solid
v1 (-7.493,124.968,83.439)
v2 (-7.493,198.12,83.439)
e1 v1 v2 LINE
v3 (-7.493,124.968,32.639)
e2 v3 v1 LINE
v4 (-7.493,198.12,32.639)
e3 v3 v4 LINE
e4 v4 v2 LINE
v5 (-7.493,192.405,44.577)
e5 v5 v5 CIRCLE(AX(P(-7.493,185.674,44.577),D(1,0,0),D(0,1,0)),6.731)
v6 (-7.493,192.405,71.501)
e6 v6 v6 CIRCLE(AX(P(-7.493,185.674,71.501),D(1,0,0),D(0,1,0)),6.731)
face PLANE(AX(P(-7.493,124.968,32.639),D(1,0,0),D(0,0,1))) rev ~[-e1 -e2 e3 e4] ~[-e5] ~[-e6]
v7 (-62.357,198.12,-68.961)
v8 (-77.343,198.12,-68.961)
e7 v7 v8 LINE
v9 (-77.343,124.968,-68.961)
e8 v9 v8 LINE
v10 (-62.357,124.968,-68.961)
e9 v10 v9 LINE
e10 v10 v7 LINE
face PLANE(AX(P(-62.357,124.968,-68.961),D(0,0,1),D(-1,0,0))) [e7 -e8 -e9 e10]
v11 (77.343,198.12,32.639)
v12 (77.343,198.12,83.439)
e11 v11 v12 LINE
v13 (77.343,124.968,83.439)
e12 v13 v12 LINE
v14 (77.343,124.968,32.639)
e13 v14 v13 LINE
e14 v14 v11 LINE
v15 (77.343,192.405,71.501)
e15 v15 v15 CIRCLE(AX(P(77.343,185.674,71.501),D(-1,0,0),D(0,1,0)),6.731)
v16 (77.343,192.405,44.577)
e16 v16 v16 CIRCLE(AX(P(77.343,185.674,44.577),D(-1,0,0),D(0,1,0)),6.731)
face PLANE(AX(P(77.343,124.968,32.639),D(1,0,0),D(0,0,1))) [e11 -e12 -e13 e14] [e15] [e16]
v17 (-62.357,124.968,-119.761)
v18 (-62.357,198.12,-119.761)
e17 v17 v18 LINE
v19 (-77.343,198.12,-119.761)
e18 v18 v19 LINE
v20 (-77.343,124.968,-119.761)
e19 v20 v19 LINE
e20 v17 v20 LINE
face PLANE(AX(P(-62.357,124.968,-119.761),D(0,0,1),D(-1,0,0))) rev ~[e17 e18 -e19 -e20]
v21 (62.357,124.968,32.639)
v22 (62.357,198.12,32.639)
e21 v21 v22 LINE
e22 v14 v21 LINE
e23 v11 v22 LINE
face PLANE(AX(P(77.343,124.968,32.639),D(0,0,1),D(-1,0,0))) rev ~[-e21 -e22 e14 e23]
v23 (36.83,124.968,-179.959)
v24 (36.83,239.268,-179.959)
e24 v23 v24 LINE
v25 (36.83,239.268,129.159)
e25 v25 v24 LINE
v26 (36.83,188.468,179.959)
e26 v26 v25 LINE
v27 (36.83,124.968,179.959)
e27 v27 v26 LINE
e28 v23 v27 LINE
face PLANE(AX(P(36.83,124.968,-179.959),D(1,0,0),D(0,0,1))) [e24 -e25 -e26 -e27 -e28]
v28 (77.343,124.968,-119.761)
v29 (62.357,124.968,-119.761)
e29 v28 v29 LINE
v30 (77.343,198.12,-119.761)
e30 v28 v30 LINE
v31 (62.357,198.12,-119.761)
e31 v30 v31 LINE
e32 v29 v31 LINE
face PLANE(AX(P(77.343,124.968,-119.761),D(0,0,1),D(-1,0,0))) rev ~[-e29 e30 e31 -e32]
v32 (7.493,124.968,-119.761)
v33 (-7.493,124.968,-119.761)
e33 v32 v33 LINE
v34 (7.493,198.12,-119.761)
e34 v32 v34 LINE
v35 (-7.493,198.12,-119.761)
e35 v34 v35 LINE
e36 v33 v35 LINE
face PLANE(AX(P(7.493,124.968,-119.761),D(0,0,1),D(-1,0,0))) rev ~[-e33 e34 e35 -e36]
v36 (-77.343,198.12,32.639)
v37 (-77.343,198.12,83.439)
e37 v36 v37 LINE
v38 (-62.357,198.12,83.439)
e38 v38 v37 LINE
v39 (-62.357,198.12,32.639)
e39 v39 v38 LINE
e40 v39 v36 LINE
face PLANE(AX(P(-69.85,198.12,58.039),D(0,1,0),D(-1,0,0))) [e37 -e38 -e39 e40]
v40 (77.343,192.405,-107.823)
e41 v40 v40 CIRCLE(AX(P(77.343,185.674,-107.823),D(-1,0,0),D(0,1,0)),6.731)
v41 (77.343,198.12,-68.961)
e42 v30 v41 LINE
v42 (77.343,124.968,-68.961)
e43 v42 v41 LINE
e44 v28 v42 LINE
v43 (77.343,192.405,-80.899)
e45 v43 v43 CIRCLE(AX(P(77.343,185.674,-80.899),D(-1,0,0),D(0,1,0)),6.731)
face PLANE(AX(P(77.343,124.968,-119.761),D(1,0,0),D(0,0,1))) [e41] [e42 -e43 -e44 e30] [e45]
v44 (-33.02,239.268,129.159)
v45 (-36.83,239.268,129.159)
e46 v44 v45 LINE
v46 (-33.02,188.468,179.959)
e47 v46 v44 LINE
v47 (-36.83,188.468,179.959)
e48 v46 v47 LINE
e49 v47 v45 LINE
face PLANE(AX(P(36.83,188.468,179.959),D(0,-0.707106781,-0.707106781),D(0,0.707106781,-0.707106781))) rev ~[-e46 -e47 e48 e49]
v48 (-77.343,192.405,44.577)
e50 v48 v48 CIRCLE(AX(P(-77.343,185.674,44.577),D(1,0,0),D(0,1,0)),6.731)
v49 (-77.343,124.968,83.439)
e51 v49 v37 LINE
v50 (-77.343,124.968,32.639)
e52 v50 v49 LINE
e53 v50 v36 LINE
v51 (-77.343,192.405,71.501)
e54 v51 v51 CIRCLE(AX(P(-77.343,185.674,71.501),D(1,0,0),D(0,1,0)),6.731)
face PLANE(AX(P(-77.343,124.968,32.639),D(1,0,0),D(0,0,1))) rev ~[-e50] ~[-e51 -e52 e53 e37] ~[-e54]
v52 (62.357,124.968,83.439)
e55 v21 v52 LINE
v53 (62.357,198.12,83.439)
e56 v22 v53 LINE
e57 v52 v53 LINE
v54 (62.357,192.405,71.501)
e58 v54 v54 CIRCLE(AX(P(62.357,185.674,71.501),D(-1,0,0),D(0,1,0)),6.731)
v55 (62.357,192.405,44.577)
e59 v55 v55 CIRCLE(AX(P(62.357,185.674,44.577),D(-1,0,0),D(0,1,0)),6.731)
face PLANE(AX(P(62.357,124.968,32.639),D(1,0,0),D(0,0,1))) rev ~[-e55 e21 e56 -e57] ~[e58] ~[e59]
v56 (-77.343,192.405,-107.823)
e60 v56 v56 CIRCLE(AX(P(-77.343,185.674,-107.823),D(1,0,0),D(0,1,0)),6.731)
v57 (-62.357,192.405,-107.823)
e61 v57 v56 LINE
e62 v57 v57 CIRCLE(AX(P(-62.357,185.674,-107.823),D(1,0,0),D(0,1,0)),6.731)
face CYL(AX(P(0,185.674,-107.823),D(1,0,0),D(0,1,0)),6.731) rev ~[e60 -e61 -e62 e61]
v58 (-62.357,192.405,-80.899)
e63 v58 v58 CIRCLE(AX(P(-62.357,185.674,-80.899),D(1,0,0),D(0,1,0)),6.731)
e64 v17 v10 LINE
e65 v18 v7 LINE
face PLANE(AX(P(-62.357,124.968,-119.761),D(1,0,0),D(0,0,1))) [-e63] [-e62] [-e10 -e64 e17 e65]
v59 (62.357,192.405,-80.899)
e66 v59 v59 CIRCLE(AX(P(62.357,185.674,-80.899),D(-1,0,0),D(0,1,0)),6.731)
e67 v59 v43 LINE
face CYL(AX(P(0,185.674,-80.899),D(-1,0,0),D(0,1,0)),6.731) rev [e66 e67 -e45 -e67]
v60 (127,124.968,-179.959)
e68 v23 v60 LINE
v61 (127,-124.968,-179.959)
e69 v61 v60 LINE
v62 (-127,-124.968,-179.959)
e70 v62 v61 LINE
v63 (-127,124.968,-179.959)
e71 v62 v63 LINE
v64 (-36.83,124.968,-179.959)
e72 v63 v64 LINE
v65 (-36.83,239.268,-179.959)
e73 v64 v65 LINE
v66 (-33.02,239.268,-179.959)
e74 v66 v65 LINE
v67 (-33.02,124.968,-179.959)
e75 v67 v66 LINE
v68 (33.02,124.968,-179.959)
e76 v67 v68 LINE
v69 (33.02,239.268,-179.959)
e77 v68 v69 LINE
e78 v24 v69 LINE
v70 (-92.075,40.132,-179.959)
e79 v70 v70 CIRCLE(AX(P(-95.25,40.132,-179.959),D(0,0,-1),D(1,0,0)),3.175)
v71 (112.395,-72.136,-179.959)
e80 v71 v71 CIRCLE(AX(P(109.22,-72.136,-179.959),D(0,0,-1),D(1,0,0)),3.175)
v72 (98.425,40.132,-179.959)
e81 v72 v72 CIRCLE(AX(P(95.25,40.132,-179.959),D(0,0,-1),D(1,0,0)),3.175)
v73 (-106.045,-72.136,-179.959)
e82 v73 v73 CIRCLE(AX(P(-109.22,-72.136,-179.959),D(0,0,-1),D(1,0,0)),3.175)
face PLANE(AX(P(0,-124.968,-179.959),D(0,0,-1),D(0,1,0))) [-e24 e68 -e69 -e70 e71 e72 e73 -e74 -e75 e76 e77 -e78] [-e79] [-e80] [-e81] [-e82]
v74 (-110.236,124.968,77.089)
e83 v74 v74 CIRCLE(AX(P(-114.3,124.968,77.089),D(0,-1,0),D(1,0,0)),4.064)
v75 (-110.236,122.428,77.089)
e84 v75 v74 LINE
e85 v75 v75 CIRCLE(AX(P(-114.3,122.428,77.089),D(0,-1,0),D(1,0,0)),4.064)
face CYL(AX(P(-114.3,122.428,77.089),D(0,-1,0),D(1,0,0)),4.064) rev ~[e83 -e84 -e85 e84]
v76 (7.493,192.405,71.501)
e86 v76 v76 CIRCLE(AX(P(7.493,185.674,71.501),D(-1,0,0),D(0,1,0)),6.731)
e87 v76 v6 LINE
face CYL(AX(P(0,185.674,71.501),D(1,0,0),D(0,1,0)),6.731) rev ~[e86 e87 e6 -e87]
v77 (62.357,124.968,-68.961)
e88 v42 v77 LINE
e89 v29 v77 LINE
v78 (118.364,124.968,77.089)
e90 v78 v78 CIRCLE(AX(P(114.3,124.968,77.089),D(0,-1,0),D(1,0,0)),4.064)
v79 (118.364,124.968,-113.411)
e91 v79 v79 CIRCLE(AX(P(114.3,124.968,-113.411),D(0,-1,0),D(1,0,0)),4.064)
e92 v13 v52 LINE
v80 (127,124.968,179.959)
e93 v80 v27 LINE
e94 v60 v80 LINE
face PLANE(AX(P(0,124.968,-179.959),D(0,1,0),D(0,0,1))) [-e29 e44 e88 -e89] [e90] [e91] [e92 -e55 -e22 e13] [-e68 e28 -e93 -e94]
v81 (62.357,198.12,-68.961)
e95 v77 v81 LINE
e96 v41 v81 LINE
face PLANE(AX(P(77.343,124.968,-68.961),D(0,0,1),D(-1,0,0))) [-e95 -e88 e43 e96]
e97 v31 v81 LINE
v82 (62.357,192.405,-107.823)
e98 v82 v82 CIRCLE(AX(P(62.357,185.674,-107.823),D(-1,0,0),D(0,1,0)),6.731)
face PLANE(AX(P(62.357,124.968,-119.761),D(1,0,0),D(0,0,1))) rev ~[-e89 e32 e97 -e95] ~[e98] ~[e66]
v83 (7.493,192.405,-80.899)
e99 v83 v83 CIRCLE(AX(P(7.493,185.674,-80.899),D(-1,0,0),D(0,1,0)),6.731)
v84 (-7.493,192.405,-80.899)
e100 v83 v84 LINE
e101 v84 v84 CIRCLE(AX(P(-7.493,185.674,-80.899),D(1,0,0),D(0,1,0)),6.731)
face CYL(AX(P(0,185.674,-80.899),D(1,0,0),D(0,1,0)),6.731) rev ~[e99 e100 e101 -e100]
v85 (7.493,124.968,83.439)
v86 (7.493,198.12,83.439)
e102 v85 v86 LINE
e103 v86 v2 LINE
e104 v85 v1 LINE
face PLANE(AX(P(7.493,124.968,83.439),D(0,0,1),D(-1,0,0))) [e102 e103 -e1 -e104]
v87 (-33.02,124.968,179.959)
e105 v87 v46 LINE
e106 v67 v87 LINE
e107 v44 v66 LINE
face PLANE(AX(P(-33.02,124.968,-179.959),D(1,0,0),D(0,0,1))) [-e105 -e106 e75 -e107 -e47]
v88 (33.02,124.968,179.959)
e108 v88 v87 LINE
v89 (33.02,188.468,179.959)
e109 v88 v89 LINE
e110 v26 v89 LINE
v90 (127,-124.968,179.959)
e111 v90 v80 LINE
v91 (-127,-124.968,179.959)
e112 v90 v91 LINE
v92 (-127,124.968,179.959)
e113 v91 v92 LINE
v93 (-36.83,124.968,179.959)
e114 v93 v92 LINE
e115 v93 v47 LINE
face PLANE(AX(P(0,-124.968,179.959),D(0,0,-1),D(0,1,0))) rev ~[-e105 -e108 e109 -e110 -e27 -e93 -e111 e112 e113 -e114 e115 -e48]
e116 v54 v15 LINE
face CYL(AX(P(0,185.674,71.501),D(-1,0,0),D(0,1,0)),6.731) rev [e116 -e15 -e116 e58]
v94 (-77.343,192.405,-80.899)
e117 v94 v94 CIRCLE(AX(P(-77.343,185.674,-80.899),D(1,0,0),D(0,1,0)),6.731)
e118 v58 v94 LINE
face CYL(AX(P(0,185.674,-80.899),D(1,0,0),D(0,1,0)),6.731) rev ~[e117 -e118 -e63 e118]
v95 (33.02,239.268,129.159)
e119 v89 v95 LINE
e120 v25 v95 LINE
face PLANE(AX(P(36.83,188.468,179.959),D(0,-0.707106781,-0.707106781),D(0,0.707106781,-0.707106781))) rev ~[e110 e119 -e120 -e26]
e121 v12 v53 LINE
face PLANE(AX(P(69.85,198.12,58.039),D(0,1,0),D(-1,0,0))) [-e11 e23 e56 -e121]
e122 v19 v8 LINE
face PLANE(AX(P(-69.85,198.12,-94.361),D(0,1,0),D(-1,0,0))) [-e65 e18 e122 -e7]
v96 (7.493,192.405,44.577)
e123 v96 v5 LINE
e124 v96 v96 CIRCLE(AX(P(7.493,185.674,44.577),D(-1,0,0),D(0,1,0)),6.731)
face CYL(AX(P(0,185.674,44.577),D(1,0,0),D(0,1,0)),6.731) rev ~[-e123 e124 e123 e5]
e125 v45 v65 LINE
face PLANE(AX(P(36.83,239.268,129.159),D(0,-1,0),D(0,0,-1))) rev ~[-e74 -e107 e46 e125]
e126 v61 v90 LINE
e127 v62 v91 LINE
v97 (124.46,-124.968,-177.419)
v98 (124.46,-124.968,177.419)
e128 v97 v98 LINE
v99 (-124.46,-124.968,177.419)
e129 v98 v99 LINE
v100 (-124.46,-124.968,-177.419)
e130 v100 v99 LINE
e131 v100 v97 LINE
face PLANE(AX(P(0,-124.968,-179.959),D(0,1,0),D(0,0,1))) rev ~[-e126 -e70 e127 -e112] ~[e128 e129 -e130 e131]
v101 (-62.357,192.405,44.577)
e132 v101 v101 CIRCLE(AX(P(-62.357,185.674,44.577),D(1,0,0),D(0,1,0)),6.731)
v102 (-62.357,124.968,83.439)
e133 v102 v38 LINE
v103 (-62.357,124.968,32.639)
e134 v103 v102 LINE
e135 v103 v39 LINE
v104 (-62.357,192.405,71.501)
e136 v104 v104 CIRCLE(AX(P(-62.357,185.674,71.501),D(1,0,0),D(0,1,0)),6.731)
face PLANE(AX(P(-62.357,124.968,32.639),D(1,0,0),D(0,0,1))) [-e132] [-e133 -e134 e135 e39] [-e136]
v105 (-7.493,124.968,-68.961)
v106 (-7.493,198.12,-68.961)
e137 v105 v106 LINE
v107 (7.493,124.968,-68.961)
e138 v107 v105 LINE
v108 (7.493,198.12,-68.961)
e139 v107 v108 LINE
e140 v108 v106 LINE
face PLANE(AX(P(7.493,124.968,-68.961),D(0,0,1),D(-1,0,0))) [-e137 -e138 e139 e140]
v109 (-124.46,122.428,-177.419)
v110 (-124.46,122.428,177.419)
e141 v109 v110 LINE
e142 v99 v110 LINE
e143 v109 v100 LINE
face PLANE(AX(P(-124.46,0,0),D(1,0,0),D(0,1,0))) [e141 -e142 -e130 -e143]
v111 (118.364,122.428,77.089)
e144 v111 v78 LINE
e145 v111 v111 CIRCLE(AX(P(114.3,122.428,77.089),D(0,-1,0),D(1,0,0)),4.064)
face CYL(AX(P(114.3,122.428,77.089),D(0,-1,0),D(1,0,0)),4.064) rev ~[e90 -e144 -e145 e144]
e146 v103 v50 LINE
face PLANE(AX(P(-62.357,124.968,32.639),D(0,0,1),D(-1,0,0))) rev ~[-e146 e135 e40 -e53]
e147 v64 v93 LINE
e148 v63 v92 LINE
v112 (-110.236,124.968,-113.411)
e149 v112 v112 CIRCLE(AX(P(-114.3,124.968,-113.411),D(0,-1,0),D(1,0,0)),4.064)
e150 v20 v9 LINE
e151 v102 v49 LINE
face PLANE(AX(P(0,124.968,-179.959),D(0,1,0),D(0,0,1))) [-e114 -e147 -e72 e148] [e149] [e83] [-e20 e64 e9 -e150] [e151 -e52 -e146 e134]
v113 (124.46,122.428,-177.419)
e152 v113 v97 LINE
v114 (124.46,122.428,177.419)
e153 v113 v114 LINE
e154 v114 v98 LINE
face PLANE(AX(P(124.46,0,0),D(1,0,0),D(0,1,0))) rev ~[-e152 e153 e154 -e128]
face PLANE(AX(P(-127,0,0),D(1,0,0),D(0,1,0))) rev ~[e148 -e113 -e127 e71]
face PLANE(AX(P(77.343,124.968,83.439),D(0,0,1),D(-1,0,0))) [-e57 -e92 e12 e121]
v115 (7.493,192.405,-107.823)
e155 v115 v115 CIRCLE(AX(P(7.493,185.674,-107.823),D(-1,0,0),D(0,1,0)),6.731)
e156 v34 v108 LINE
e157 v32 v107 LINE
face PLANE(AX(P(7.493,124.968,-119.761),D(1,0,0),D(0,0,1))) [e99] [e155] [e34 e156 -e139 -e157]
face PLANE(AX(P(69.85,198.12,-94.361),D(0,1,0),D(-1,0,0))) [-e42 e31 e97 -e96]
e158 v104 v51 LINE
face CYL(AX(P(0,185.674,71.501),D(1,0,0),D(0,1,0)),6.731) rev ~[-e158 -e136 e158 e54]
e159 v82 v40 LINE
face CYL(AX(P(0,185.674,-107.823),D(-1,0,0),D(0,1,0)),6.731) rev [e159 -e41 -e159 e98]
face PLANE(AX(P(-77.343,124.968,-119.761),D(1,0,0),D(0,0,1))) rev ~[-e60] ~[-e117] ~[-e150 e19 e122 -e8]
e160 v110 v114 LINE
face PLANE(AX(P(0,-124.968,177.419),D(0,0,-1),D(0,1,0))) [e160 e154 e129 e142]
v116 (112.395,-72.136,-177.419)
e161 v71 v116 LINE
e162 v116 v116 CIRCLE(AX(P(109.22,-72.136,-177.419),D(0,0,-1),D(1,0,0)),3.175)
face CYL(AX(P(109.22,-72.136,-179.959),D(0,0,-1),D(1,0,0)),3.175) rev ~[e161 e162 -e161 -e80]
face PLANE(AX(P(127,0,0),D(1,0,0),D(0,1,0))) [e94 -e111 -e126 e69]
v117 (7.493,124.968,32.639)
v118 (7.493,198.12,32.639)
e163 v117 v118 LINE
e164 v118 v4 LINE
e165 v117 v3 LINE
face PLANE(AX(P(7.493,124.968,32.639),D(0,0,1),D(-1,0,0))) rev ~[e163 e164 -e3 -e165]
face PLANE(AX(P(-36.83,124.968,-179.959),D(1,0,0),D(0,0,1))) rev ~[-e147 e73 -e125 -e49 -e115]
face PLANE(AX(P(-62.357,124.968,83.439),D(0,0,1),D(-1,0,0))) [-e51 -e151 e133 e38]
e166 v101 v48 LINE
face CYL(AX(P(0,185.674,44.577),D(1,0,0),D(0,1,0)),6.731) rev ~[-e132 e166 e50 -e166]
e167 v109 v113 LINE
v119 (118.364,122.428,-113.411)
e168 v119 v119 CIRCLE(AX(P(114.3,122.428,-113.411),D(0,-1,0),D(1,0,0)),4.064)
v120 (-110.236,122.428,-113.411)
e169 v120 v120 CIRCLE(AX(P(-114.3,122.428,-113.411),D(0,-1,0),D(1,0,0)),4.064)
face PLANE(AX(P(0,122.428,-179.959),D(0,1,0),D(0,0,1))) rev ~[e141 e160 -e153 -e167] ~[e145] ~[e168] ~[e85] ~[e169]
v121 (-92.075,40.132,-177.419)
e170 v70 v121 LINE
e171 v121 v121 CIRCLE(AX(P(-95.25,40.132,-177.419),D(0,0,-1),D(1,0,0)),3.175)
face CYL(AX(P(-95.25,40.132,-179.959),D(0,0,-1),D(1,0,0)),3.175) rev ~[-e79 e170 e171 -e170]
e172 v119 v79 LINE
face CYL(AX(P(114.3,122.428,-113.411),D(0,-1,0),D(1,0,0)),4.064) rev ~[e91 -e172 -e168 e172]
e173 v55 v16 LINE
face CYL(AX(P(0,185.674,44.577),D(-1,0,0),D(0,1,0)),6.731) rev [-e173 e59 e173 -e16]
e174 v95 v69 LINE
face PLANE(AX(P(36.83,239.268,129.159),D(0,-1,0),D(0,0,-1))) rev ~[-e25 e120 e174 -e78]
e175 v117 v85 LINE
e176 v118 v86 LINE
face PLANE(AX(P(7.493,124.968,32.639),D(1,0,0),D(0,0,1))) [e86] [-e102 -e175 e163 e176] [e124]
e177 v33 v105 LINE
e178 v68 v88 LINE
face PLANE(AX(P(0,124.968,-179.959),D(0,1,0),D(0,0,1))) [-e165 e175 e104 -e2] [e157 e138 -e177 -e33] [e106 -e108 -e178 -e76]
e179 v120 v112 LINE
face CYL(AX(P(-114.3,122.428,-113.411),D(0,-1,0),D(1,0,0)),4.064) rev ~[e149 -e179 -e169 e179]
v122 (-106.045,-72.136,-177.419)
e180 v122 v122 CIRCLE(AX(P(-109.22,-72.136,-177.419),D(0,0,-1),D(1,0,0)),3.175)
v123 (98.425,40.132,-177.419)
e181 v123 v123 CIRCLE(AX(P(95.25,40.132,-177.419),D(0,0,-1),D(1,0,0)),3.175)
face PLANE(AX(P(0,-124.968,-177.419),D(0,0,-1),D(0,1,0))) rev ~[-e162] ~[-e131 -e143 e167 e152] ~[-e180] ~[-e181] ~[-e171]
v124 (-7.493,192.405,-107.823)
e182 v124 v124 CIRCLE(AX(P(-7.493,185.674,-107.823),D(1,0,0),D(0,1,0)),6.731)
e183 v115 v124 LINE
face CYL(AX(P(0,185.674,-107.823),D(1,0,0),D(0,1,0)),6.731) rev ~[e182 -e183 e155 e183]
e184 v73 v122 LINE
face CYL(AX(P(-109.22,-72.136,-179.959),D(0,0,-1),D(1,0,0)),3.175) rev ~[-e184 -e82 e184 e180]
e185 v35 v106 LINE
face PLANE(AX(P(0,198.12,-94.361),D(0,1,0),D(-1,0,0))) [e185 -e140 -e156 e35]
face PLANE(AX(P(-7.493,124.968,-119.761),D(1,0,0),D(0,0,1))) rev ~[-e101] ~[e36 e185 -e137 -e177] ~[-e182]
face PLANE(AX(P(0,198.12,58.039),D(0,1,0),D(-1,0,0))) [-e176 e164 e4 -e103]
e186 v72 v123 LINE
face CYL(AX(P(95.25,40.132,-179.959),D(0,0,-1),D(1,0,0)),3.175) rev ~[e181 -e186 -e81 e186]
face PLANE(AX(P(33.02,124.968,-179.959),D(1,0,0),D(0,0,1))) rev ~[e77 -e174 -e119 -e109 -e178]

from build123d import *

# Parameters (mm, degrees)
F0_W          = 249.936
F0_H          = 359.918
F1_DEPTH      = 127
F2_T          = -2.54
F3_W          = 14.986
F3_H          = 50.8
F4_DEPTH      = 73.152
F5_R          = 6.731
F6_DEPTH      = 127.001
F6_DEPTH_BACK = 127.001
F7_R          = 3.175
F8_DEPTH      = 2.54
F9_R          = 4.064
F10_DEPTH     = 75.693
F11_W         = 3.81
F11_H         = 359.918
F12_DEPTH     = 139.7
F14_DEPTH     = 163.831


with BuildPart() as f1:
    # F0 (on Right) → F1 (new body, symmetric)
    with BuildSketch(Plane.YZ):
        Rectangle(F0_W, F0_H)
    extrude(amount=F1_DEPTH, both=True)

    # F2
    f2_openings = [f1.faces().sort_by_distance(p)[0] for p in [
        (0, -124.968, 0),
    ]]
    offset(amount=F2_T, openings=f2_openings)

    # F3 (on face) → F4 (join)
    with BuildSketch(Plane(origin=(0, 124.968, 0), x_dir=(-1, 0, 0), z_dir=(0, 1, 0))):
        with Locations((69.85, -94.361)):
            Rectangle(F3_W, F3_H)
        with Locations((69.85, 58.039)):
            Rectangle(F3_W, F3_H)
        with Locations((0, -94.361)):
            Rectangle(F3_W, F3_H)
        with Locations((0, 58.039)):
            Rectangle(F3_W, F3_H)
        with Locations((-69.85, -94.361)):
            Rectangle(F3_W, F3_H)
        with Locations((-69.85, 58.039)):
            Rectangle(F3_W, F3_H)
    extrude(amount=F4_DEPTH)

    # F5 (on Right) → F6 (cut, two sides)
    with BuildSketch(Plane.YZ) as f6_sk:
        with Locations((185.674, 71.501)):
            Circle(F5_R)
        with Locations((185.674, 44.577)):
            Circle(F5_R)
        with Locations((185.674, -80.899)):
            Circle(F5_R)
        with Locations((185.674, -107.823)):
            Circle(F5_R)
    extrude(amount=F6_DEPTH, mode=Mode.SUBTRACT)
    extrude(f6_sk.sketch, amount=-F6_DEPTH_BACK, mode=Mode.SUBTRACT)

    # F7 (on face) → F8 (cut, through all)
    with BuildSketch(Plane(origin=(0, 0, -179.959), x_dir=(1, 0, 0), z_dir=(0, 0, -1))):
        with Locations((-109.22, 72.136)):
            Circle(F7_R)
        with Locations((109.22, 72.136)):
            Circle(F7_R)
        with Locations((95.25, -40.132)):
            Circle(F7_R)
        with Locations((-95.25, -40.132)):
            Circle(F7_R)
    extrude(amount=-F8_DEPTH, mode=Mode.SUBTRACT)

    # F9 (on face) → F10 (cut, through all)
    with BuildSketch(Plane.XZ.offset(-122.428)):
        with Locations((-114.3, 77.089)):
            Circle(F9_R)
        with Locations((114.3, 77.089)):
            Circle(F9_R)
        with Locations((114.3, -113.411)):
            Circle(F9_R)
        with Locations((-114.3, -113.411)):
            Circle(F9_R)
    extrude(amount=-F10_DEPTH, mode=Mode.SUBTRACT)

    # F11 (on face) → F12 (join)
    with BuildSketch(Plane(origin=(0, 124.968, 0), x_dir=(-1, 0, 0), z_dir=(0, 1, 0))):
        with Locations((-34.925, 0)):
            Rectangle(F11_W, F11_H)
        with Locations((34.925, 0)):
            Rectangle(F11_W, F11_H)
    extrude(amount=F12_DEPTH)

    # F13 (on face) → F14 (cut, through all)
    with BuildSketch(Plane.YZ.offset(36.83)):
        Polygon((264.668, 103.759), (264.668, 179.959), (188.468, 179.959), (239.268, 129.159), (239.268, -179.959), (264.668, -179.959), align=None)
    extrude(amount=-F14_DEPTH, mode=Mode.SUBTRACT)


solid = f1.part
